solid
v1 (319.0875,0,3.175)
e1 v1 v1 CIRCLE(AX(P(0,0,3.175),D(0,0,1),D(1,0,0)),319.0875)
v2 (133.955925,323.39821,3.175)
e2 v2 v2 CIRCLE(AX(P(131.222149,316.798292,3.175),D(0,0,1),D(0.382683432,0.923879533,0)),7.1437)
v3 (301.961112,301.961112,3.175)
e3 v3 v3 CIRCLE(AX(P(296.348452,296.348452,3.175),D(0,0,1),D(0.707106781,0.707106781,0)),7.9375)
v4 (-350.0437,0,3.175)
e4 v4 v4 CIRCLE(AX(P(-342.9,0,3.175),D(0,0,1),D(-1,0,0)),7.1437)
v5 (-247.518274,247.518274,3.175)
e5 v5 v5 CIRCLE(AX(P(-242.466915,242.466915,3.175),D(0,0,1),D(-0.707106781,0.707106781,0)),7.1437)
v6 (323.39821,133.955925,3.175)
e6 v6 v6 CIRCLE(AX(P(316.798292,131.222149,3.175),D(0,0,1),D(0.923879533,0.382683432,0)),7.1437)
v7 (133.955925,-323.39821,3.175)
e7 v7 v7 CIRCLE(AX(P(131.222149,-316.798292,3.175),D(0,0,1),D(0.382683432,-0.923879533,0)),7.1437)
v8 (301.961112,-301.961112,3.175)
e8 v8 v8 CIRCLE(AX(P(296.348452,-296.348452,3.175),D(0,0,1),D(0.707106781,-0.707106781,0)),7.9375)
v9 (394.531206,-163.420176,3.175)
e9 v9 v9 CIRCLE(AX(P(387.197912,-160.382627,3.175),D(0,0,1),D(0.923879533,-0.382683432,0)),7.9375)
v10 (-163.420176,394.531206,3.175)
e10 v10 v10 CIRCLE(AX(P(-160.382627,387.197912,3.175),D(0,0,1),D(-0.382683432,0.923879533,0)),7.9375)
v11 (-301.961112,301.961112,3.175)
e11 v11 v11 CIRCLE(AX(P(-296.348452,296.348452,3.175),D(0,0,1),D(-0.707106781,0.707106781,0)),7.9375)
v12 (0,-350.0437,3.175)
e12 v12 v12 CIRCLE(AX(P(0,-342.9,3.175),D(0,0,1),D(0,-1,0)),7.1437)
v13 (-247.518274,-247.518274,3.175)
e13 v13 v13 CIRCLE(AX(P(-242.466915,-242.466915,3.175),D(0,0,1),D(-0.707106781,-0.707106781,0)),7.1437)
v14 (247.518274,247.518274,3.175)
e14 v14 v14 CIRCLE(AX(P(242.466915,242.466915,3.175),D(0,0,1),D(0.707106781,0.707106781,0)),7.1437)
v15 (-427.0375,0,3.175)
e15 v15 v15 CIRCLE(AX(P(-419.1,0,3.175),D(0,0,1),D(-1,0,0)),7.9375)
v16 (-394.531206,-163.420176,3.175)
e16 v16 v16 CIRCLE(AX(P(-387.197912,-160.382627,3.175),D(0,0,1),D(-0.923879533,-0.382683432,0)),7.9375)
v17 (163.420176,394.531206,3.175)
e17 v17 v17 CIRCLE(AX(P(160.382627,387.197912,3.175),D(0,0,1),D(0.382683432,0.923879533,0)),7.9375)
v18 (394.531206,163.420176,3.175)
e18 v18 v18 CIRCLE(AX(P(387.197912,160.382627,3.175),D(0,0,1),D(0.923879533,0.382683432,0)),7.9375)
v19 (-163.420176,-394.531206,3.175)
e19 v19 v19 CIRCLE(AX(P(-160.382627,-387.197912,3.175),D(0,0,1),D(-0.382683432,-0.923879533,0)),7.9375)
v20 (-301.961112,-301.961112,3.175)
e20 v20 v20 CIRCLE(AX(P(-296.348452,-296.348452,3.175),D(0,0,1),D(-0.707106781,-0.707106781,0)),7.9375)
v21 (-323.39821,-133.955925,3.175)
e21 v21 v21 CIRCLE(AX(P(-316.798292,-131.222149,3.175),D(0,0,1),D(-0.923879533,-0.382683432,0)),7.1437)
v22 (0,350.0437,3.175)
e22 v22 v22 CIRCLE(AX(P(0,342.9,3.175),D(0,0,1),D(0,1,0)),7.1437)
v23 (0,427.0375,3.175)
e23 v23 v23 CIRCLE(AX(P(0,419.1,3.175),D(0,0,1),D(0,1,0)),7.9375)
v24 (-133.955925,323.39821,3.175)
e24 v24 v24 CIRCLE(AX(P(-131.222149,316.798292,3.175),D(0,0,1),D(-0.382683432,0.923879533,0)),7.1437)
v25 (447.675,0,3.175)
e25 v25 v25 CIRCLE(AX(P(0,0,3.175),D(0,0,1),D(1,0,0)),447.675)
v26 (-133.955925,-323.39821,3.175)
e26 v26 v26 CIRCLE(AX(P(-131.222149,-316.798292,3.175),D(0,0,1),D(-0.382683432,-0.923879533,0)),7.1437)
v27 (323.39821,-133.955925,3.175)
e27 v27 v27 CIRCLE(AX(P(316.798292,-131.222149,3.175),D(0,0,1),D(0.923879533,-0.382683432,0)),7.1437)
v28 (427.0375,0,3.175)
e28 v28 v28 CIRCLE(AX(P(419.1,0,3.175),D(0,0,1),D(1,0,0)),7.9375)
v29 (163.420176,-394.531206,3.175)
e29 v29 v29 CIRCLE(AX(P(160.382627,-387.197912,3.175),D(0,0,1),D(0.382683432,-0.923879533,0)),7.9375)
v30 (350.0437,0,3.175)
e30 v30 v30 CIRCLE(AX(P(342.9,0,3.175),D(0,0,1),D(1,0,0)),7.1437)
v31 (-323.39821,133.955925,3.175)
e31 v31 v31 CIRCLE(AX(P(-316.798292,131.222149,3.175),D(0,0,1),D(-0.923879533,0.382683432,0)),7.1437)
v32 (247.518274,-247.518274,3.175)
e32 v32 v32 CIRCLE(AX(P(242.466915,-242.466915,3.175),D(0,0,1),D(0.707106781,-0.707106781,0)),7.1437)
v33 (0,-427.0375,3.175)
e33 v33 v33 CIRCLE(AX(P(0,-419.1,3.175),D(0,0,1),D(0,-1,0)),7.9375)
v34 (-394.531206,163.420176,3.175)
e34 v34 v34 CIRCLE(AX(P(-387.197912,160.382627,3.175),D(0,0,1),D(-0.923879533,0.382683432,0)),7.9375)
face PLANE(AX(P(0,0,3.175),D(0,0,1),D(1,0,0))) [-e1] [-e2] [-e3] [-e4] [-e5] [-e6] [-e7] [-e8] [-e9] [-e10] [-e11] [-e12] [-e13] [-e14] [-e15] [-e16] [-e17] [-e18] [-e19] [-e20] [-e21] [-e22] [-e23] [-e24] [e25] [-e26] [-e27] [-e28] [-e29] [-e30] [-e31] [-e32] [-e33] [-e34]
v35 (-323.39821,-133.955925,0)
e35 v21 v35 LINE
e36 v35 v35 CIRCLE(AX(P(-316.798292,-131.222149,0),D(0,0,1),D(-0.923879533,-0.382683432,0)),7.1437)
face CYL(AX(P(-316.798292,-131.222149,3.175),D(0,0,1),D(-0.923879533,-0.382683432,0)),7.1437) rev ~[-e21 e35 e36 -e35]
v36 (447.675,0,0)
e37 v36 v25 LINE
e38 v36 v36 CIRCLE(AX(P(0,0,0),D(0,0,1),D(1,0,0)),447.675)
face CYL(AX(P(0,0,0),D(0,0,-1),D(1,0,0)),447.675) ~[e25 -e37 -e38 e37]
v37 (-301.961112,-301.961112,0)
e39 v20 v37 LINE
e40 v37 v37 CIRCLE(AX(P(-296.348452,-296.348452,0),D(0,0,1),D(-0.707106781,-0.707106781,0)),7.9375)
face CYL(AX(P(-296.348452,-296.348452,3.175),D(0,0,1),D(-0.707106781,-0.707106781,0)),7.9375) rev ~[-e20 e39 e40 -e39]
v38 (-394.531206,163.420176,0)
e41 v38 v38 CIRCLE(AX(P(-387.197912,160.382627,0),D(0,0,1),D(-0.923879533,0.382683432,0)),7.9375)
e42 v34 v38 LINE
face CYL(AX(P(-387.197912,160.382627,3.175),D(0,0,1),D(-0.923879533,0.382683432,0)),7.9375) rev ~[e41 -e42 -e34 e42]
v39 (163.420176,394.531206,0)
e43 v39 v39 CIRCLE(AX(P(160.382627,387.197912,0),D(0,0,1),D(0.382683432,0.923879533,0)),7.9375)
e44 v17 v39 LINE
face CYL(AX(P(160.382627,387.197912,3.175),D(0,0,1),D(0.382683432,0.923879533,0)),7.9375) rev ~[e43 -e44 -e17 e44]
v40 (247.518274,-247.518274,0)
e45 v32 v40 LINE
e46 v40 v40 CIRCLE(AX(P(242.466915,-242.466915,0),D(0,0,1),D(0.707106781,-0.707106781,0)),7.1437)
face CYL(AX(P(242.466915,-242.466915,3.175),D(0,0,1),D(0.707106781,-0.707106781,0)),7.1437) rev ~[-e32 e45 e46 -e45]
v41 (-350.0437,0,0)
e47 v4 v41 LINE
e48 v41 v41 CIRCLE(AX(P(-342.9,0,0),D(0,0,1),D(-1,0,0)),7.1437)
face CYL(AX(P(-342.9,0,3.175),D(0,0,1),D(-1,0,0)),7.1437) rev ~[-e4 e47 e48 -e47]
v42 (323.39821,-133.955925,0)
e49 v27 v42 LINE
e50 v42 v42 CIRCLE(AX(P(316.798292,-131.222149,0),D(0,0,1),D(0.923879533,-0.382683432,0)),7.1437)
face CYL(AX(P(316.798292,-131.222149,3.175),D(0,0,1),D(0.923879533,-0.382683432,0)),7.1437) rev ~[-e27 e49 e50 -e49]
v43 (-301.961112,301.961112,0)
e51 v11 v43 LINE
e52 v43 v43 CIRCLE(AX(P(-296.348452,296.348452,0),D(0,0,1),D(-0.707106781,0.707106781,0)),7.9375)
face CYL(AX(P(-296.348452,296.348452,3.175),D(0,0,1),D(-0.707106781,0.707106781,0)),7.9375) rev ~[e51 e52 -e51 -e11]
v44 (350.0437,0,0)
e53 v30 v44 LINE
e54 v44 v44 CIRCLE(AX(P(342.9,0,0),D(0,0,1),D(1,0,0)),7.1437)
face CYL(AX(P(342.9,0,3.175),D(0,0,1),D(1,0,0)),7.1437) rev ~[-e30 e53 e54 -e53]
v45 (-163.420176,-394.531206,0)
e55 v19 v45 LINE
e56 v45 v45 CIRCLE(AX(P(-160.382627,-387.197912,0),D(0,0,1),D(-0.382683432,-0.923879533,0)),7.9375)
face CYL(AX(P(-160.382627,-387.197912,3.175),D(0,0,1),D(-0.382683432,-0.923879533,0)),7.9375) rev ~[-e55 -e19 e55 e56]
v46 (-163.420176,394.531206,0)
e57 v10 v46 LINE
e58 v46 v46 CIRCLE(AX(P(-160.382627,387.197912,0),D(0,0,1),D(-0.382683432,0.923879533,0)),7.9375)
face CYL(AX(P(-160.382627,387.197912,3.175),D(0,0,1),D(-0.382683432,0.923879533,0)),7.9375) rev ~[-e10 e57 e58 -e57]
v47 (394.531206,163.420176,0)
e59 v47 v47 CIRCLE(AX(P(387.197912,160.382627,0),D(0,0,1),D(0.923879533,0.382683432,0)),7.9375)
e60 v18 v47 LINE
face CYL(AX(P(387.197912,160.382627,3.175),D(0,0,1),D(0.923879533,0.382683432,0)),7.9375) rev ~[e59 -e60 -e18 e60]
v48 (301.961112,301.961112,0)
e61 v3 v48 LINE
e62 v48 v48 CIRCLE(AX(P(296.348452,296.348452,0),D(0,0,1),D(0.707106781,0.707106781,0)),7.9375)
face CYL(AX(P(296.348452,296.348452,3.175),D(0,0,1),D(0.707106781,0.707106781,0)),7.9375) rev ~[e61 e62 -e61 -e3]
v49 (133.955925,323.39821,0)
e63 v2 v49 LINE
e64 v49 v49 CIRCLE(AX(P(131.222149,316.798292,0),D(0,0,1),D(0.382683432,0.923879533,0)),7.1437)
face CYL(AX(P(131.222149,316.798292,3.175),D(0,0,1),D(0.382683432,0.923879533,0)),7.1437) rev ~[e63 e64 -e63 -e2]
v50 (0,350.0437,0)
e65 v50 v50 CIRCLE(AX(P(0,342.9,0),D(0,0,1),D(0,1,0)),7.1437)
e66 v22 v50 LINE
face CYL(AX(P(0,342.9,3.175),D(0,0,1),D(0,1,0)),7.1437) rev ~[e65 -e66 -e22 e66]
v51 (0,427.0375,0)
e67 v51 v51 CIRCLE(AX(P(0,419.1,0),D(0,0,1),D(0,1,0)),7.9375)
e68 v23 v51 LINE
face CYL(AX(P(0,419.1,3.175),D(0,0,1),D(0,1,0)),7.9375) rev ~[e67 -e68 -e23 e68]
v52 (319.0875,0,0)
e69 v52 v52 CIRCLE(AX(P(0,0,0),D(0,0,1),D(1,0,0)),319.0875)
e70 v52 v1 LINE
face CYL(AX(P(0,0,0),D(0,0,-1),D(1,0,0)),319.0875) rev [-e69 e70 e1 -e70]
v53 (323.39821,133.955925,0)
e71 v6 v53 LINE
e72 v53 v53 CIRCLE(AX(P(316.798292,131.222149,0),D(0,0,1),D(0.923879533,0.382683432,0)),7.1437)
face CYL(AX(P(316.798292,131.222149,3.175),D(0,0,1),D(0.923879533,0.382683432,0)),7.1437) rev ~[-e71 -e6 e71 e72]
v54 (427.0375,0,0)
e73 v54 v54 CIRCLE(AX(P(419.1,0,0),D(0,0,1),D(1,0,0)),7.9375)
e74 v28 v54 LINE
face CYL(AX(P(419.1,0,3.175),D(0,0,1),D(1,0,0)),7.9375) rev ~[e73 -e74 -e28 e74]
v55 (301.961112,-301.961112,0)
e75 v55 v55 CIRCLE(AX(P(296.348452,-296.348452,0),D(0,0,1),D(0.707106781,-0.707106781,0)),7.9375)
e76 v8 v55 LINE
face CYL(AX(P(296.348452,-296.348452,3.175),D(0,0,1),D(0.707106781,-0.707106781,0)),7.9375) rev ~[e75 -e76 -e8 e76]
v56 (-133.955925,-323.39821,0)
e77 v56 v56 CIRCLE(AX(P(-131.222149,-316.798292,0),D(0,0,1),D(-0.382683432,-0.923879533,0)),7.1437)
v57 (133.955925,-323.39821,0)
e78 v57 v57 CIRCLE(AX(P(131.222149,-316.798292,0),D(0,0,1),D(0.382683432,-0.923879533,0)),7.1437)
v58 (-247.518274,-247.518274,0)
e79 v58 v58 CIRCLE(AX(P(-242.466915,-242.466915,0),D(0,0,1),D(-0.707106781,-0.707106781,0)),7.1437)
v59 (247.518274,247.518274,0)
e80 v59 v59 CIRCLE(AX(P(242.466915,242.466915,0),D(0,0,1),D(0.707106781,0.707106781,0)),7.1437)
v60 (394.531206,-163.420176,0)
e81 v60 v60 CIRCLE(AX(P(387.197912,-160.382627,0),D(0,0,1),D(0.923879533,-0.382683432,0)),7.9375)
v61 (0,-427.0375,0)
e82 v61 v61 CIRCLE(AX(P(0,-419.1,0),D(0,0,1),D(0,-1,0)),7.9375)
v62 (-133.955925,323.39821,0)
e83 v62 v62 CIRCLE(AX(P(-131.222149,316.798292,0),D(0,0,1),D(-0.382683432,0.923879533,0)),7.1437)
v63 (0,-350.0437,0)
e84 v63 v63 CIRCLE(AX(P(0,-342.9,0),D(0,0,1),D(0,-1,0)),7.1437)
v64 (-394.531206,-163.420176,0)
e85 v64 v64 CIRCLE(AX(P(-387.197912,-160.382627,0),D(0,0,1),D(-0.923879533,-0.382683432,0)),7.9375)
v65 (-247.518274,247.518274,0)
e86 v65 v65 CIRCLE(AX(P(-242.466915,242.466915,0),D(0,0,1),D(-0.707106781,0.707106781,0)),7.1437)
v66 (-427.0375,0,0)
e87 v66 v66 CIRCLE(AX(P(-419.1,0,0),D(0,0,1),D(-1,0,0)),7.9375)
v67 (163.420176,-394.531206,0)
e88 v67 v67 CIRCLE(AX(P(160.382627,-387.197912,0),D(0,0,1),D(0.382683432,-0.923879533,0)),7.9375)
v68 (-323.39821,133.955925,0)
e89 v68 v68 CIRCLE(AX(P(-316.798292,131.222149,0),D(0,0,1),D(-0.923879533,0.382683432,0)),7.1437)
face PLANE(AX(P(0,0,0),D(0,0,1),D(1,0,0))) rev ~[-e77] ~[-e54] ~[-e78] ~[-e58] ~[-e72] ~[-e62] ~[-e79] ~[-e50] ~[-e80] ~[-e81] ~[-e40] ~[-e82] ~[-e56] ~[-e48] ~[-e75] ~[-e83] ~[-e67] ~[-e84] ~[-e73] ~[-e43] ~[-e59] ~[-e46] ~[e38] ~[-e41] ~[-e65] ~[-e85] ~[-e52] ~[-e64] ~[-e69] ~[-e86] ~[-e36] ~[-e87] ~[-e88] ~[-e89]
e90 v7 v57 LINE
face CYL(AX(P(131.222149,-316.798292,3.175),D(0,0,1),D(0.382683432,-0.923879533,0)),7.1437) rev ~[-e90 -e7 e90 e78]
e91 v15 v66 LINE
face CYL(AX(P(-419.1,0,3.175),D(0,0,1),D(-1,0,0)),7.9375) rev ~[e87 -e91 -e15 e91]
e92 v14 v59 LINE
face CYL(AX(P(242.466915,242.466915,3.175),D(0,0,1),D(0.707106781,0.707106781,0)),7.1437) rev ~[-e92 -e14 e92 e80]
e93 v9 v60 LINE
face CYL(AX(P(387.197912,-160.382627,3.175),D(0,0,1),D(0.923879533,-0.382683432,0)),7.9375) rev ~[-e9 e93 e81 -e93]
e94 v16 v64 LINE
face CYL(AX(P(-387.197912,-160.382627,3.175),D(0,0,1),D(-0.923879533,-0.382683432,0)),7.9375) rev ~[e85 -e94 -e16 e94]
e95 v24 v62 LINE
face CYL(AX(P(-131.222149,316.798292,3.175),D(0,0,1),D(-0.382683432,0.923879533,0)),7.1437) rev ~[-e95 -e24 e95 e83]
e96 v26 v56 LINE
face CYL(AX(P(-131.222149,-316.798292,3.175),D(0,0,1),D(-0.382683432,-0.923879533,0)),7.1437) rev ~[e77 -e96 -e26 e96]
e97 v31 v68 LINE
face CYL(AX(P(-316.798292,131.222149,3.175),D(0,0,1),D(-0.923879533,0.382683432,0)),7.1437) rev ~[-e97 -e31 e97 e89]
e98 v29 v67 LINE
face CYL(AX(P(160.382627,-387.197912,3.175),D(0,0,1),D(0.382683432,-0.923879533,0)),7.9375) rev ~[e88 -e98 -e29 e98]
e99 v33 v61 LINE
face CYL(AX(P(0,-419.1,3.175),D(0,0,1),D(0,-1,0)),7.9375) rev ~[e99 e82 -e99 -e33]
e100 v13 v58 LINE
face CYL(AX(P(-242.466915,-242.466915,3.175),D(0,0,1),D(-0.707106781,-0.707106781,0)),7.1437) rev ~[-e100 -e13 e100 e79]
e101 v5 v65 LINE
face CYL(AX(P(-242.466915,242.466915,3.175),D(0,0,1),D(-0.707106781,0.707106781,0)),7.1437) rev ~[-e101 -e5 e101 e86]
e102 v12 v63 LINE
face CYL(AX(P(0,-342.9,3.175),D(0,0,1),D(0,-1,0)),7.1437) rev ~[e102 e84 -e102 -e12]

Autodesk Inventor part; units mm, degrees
ref_plane "YZ Plane" through (0, 0, 0) normal (1, 0, 0) x (0, 1, 0)
ref_plane "XZ Plane" through (0, 0, 0) normal (0, 1, 0) x (-1, 0, 0)
ref_plane "XY Plane" through (0, 0, 0) normal (0, 0, 1) x (1, 0, 0)
sketch "Sketch1" plane through (0, 0, 0) normal (0, 0, 1) x (1, 0, 0)
  circle A0 centre (0, 0) radius 447.675
  circle A1 centre (0, 0) radius 319.0875
  dimension "d0" = 895.35
  dimension "d1" = 638.175
extrude "Extrusion1" add sketch "Sketch1" along normal blind 3.175
sketch "Sketch2" plane through (0, 0, 3.175) normal (0, 0, 1) x (1, 0, 0)
  circle A0 centre (0, 0) radius 319.0875 projected
  circle A1 centre (0, 0) radius 447.675 projected
  circle A2 centre (342.9, 0) radius 7.1437
  circle A3 centre (419.1, 0) radius 7.9375
  dimension "d4" = 14.2875
  dimension "d5" = 15.875
  dimension "d6" = 342.9
  dimension "d7" = 0
  dimension "d10" = 0
  dimension "d11" = 419.1
extrude "Extrusion2" cut sketch "Sketch2" against normal blind 3.175 contours A2 | A3
pattern_circular "Circular Pattern1" count 16 over 360 about axis through (0, 0, 0) along (0, 0, 1) of "Extrusion2"
properties part number "cover plate" material "Steel, Mild"
